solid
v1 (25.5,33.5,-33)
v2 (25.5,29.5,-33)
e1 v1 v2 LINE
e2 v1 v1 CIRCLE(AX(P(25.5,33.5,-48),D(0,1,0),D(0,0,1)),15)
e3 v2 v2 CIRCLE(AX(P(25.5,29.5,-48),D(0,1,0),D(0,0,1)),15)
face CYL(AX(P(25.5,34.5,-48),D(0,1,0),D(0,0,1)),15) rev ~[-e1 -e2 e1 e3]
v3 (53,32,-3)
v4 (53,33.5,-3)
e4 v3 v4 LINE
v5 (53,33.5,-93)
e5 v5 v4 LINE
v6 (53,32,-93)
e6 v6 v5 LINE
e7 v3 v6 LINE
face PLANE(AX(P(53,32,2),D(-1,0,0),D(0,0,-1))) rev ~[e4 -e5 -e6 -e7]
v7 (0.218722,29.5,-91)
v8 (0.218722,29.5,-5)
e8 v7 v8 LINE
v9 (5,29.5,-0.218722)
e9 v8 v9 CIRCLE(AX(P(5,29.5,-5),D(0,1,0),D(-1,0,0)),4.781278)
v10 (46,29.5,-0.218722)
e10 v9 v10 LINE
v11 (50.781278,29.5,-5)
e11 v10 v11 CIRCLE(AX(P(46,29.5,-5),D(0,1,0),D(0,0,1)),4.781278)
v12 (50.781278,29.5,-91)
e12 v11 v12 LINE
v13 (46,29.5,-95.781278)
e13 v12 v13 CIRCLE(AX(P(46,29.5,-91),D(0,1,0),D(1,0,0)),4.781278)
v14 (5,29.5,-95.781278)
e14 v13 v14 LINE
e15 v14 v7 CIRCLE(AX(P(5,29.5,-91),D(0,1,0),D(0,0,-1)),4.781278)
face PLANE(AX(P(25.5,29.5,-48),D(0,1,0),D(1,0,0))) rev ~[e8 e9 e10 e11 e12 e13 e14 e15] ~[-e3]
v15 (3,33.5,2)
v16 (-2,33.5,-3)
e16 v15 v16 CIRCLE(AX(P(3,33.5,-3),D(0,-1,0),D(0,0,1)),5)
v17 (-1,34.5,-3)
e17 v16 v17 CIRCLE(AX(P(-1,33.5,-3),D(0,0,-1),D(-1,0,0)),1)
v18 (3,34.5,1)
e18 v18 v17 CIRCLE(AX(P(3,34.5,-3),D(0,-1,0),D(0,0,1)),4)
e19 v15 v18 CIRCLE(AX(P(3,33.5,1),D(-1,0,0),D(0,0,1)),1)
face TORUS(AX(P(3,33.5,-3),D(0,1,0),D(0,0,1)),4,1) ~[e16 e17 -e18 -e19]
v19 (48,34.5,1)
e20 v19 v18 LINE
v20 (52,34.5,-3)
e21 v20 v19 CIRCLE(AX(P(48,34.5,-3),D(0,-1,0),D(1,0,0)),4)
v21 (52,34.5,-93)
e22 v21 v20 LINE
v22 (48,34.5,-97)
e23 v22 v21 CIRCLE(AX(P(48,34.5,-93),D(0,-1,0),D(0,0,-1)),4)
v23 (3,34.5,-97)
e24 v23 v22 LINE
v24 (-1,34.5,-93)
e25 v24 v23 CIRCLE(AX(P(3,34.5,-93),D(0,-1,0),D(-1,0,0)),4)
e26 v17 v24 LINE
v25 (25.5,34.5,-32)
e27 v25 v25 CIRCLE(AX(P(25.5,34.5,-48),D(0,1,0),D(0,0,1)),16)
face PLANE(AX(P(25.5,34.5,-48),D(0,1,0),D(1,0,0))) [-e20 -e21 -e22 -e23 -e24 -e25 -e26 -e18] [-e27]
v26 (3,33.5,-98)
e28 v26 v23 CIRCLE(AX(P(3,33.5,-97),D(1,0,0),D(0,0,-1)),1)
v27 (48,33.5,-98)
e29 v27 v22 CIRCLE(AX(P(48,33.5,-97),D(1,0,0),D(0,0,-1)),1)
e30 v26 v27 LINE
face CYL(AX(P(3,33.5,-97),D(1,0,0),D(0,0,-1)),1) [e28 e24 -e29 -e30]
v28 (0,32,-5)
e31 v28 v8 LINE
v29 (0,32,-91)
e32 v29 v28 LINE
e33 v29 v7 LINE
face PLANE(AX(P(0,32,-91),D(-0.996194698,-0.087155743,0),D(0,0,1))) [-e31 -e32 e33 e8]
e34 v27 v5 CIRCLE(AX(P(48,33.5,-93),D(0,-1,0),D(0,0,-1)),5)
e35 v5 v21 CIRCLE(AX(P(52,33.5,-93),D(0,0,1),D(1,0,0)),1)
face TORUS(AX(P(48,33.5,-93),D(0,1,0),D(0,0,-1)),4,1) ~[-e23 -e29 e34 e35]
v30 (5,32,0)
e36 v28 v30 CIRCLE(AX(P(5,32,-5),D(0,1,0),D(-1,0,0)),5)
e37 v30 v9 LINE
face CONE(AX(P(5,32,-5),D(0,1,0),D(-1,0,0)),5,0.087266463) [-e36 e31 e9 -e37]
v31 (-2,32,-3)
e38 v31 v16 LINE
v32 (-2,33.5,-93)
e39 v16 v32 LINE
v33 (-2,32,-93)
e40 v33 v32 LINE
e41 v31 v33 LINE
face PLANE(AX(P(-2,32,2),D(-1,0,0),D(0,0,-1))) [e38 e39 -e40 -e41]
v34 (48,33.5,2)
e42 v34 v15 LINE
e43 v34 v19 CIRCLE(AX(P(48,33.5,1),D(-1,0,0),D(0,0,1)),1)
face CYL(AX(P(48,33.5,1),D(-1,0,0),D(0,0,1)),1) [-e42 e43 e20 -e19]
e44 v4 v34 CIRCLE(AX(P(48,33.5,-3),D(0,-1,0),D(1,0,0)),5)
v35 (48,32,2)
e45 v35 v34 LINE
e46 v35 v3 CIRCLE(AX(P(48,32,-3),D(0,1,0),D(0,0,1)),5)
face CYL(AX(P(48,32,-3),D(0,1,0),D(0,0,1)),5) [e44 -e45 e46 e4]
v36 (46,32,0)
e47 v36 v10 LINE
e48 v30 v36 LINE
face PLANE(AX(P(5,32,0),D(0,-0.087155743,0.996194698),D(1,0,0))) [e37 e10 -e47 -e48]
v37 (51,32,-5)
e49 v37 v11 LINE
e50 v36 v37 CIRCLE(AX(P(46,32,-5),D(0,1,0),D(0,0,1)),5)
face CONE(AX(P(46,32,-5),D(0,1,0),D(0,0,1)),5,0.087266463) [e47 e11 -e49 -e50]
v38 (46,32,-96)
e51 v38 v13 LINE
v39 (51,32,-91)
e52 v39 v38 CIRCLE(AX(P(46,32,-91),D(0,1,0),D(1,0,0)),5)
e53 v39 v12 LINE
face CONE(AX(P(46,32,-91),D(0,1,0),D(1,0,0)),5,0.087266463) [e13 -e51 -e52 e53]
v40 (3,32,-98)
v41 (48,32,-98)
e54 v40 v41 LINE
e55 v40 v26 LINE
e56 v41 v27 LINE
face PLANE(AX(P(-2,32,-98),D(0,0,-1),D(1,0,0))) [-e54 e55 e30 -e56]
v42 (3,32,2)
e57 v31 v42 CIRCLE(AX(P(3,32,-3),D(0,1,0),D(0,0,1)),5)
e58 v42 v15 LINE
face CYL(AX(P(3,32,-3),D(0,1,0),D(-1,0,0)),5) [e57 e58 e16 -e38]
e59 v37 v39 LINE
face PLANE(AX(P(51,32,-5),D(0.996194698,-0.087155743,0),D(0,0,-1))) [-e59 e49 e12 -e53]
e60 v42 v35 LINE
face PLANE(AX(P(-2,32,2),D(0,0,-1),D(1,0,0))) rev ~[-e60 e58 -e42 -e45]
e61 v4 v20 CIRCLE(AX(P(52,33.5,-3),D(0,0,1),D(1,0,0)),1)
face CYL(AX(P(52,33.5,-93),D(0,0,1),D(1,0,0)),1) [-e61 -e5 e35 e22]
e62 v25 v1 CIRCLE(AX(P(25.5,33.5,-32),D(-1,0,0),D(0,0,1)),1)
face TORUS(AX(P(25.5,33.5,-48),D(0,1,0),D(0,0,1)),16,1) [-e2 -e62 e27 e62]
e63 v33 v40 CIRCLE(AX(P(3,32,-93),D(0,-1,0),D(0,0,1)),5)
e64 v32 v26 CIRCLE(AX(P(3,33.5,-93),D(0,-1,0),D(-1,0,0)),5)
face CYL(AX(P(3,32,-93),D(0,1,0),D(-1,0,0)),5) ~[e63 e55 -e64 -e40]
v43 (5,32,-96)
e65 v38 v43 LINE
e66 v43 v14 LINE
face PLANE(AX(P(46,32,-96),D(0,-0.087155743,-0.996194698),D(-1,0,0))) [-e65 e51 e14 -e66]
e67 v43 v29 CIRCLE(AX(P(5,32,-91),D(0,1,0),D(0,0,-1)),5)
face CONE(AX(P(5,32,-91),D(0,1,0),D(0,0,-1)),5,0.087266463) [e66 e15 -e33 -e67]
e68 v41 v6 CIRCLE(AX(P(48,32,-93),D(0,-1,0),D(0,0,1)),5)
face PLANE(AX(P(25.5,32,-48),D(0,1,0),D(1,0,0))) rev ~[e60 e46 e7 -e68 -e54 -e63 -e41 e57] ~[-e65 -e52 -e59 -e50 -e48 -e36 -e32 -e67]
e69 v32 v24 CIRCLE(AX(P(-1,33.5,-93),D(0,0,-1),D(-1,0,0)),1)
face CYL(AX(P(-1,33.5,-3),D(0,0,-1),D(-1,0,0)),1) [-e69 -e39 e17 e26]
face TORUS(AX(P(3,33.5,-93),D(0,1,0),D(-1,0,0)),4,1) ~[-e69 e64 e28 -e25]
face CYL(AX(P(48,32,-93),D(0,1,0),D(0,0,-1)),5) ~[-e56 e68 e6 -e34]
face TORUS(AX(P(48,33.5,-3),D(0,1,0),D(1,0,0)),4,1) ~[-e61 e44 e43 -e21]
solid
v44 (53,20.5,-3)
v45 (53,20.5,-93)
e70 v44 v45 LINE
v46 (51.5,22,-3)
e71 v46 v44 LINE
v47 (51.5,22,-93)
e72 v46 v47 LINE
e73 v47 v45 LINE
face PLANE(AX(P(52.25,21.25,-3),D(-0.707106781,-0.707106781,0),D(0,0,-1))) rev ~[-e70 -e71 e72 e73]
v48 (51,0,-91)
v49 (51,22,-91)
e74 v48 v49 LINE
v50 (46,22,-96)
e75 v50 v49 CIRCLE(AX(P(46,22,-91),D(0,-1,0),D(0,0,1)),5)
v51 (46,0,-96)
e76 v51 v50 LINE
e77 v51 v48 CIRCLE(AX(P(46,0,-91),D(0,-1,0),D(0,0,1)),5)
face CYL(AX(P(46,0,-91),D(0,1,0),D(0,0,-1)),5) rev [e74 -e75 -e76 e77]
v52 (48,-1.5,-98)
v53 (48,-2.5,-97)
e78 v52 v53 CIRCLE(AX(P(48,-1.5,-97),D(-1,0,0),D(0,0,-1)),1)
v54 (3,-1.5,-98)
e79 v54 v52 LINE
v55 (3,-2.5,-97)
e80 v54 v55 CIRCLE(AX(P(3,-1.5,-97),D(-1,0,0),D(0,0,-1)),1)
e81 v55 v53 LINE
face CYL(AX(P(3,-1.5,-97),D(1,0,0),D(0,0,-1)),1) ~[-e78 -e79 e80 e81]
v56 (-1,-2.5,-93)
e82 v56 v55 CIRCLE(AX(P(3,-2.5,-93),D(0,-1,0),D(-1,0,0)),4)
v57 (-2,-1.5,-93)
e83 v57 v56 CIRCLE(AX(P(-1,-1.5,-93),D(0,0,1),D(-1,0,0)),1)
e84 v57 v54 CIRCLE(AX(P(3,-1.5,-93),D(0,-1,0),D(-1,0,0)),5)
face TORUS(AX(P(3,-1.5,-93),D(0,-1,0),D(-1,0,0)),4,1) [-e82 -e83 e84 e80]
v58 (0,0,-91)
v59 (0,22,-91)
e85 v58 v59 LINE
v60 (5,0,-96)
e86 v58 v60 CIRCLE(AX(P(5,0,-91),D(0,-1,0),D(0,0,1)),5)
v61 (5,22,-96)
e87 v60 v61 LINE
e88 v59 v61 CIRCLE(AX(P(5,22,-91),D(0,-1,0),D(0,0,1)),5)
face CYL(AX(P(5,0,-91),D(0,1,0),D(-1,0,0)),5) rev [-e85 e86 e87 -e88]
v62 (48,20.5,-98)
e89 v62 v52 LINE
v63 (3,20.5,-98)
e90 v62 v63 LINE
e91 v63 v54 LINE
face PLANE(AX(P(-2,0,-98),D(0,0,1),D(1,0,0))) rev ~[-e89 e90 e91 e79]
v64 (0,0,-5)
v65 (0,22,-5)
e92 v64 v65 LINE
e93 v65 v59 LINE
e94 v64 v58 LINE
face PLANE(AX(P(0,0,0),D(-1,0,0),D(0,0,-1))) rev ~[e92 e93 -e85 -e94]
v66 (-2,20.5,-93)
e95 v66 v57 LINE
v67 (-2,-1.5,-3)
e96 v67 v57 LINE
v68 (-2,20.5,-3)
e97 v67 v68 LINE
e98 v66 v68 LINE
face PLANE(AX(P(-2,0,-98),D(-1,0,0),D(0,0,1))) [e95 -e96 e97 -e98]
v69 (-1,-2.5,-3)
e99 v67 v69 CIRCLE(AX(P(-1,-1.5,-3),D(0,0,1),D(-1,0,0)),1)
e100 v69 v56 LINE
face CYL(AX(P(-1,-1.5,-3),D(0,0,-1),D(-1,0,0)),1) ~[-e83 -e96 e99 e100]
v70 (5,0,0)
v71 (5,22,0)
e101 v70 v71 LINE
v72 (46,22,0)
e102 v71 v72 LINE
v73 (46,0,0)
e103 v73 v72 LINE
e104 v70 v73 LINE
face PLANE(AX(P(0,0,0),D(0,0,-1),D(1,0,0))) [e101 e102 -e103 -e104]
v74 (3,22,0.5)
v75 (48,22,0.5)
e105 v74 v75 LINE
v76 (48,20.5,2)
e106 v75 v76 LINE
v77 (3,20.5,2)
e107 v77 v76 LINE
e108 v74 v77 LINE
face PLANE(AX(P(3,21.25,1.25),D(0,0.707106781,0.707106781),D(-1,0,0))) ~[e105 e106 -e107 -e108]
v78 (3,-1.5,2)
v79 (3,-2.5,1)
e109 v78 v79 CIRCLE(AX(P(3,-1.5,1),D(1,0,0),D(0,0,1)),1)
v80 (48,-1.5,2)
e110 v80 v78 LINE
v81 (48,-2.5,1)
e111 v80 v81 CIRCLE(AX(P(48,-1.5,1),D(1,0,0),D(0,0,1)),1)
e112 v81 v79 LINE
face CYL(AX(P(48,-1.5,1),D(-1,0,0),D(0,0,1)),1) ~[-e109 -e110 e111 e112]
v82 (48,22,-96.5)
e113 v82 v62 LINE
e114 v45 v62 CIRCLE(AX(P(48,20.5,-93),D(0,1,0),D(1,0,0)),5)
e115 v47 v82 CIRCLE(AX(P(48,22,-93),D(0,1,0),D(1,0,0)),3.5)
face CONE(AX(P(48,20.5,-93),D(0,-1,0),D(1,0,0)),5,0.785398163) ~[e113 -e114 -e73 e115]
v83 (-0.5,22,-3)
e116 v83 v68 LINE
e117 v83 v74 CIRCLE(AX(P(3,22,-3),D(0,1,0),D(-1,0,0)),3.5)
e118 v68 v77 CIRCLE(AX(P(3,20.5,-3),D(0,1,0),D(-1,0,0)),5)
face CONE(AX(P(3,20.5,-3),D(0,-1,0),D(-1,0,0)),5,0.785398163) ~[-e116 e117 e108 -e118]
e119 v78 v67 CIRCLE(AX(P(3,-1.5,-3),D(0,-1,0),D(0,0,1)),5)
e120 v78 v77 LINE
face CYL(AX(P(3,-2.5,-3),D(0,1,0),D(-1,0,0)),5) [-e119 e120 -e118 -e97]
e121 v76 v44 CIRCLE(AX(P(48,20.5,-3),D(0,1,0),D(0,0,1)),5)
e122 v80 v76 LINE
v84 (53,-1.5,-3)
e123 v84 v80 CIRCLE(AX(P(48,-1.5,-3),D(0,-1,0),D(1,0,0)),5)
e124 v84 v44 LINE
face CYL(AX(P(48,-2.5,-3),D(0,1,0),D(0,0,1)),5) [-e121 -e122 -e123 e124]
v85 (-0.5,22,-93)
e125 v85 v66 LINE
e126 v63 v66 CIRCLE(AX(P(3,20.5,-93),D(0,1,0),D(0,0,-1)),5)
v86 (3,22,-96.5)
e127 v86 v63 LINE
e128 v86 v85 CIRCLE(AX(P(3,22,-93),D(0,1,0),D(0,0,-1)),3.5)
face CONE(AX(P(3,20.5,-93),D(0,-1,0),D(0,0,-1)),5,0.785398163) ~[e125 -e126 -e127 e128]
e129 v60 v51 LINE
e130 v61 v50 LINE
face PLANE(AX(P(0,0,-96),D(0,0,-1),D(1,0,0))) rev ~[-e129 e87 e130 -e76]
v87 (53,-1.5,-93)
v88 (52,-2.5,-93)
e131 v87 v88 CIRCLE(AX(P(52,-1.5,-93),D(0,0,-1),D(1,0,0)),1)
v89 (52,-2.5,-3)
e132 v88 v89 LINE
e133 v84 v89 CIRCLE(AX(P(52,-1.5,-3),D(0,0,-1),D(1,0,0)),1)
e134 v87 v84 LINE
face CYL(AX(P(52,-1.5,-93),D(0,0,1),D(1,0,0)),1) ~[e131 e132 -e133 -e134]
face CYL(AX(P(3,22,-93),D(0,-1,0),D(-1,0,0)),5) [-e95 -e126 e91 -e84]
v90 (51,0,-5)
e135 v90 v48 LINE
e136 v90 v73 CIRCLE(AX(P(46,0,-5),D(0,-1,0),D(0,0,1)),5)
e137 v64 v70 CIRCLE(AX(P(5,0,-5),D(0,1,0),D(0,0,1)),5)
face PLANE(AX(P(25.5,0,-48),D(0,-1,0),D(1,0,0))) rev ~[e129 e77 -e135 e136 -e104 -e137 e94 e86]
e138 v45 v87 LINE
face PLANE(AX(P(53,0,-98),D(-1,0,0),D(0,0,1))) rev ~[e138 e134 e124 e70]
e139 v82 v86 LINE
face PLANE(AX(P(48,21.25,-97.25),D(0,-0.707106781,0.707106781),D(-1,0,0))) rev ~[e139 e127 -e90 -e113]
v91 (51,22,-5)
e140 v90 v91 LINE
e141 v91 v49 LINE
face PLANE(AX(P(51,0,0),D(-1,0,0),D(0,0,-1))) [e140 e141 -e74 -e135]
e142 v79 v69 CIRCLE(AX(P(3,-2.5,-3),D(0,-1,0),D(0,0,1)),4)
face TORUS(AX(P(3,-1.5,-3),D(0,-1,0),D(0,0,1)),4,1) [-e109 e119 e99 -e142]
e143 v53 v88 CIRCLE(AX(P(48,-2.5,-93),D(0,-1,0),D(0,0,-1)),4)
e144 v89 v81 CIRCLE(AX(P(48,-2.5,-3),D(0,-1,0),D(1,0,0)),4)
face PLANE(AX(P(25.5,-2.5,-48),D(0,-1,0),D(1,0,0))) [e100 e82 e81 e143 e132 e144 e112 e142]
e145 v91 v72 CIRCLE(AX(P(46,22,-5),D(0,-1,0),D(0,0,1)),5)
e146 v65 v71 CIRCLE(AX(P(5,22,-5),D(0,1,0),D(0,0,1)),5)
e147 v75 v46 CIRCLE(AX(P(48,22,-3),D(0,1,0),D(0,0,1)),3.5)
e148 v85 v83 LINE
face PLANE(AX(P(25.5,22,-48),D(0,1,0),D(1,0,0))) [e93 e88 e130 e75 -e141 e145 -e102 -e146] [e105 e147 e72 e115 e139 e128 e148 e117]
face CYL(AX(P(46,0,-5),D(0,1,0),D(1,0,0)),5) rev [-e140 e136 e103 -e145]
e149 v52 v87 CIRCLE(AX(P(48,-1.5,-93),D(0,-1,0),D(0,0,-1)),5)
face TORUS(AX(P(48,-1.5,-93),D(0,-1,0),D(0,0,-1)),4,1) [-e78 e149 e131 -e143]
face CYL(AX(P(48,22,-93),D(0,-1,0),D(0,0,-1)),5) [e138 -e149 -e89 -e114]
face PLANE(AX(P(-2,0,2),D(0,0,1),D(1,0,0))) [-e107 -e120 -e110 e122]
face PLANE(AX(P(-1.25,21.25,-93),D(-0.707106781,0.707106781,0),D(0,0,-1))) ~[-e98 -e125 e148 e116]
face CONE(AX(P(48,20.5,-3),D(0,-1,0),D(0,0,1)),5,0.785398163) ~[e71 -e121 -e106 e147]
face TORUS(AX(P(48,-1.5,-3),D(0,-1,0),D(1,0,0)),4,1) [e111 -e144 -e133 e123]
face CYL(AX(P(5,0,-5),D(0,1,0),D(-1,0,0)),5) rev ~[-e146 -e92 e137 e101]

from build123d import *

# Parameters (mm, degrees)
SKETCH1_W           = 55
SKETCH1_H           = 100
SKETCH1_W_2         = 51
SKETCH1_H_2         = 96
BOSS_EXTRUDE1_DEPTH = 22
SKETCH2_W           = 55
SKETCH2_H           = 100
BOSS_EXTRUDE2_DEPTH = 2.5
FILLET1_R           = 5
SKETCH3_W           = 55
SKETCH3_H           = 100
BOSS_EXTRUDE3_DEPTH = 2.5
BOSS_EXTRUDE4_DEPTH = 2.5
BOSS_EXTRUDE4_DRAFT = -5
FILLET2_R           = 5
FILLET3_R           = 1
FILLET4_R           = 5
CHAMFER1_SIZE       = 1.5
FILLET5_R           = 1
SKETCH4_R           = 15
CUT_EXTRUDE1_DEPTH  = 5
FILLET6_R           = 1


with BuildPart() as part:
    # Sketch1 → Boss-Extrude1 (new body)
    with BuildSketch(Plane(origin=(0, 0, 0), x_dir=(1, 0, 0), z_dir=(0, 1, 0))):
        with Locations((25.5, 48)):
            Rectangle(SKETCH1_W, SKETCH1_H)
        with Locations((25.5, 48)):
            Rectangle(SKETCH1_W_2, SKETCH1_H_2, mode=Mode.SUBTRACT)
    extrude(amount=BOSS_EXTRUDE1_DEPTH)

    # Sketch2 → Boss-Extrude2 (add)
    with BuildSketch(Plane.XZ):
        with Locations((25.5, -48)):
            Rectangle(SKETCH2_W, SKETCH2_H)
    extrude(amount=BOSS_EXTRUDE2_DEPTH)

    # Fillet1
    fillet1_edges = [part.edges().sort_by_distance(p)[0] for p in [
        (0, 11, -96),
        (0, 11, 0),
        (51, 11, 0),
        (51, 11, -96),
    ]]
    fillet(fillet1_edges, radius=FILLET1_R)

    # Fillet4
    fillet4_edges = [part.edges().sort_by_distance(p)[0] for p in [
        (-2, 9.75, -98),
        (53, 9.75, -98),
        (53, 9.75, 2),
        (-2, 9.75, 2),
    ]]
    fillet(fillet4_edges, radius=FILLET4_R)

    # Chamfer1
    chamfer1_edges = [part.edges().sort_by_distance(p)[0] for p in [
        (53, 22, -48),
        (25.5, 22, 2),
        (-2, 22, -48),
        (25.5, 22, -98),
        (-0.535533906, 22, 0.535533906),
        (-0.535533906, 22, -96.535533906),
        (51.535533906, 22, -96.535533906),
        (51.535533906, 22, 0.535533906),
    ]]
    chamfer(chamfer1_edges, length=CHAMFER1_SIZE)

    # Fillet5
    fillet5_edges = [part.edges().sort_by_distance(p)[0] for p in [
        (53, -2.5, -48),
        (25.5, -2.5, 2),
        (-2, -2.5, -48),
        (25.5, -2.5, -98),
        (-0.535533906, -2.5, 0.535533906),
        (-0.535533906, -2.5, -96.535533906),
        (51.535533906, -2.5, -96.535533906),
        (51.535533906, -2.5, 0.535533906),
    ]]
    fillet(fillet5_edges, radius=FILLET5_R)


with BuildPart() as body_2:
    # Sketch3 → Boss-Extrude3 (new body)
    with BuildSketch(Plane(origin=(0, 32, 0), x_dir=(1, 0, 0), z_dir=(0, 1, 0))):
        with Locations((25.5, 48)):
            Rectangle(SKETCH3_W, SKETCH3_H)
    extrude(amount=BOSS_EXTRUDE3_DEPTH)


with BuildPart() as boss_extrude4_tool:
    # Sketch3<3> → Boss-Extrude4 (with draft: the straight prism first)
    with BuildSketch(Plane(origin=(0, 32, 0), x_dir=(1, 0, 0), z_dir=(0, 1, 0))):
        with BuildLine():
            Line((51, 5), (51, 91))
            ThreePointArc((51, 91), (49.535533906, 94.535533906), (46, 96))
            Line((46, 96), (5, 96))
            ThreePointArc((5, 96), (1.464466094, 94.535533906), (0, 91))
            Line((0, 91), (0, 5))
            ThreePointArc((0, 5), (1.464466094, 1.464466094), (5, 0))
            Line((5, 0), (46, 0))
            ThreePointArc((46, 0), (49.535533906, 1.464466094), (51, 5))
        make_face()
    extrude(amount=-BOSS_EXTRUDE4_DEPTH)
    # Boss-Extrude4: the draft: its side faces are tilted about the plane it starts from
    boss_extrude4_sides = [boss_extrude4_tool.faces().sort_by_distance(p)[0] for p in [
        (51, 30.75, -48),
        (49.535533906, 30.75, -94.535533906),
        (25.5, 30.75, -96),
        (1.464466094, 30.75, -94.535533906),
        (0, 30.75, -48),
        (1.464466094, 30.75, -1.464466094),
        (25.5, 30.75, 0),
        (49.535533906, 30.75, -1.464466094),
    ]]
    draft(boss_extrude4_sides, Plane(origin=(0, 32, 0), x_dir=(1, 0, 0), z_dir=(0, 1, 0)), BOSS_EXTRUDE4_DRAFT)


with BuildPart() as body_2_1:
    add(body_2.part)

    # Boss-Extrude4: add boss_extrude4_tool
    add(boss_extrude4_tool.part)

    # Fillet2
    fillet2_edges = [body_2_1.edges().sort_by_distance(p)[0] for p in [
        (53, 33.25, -98),
        (53, 33.25, 2),
        (-2, 33.25, 2),
        (-2, 33.25, -98),
    ]]
    fillet(fillet2_edges, radius=FILLET2_R)

    # Fillet3
    fillet3_edges = [body_2_1.edges().sort_by_distance(p)[0] for p in [
        (-2, 34.5, -48),
        (25.5, 34.5, -98),
        (25.5, 34.5, 2),
        (53, 34.5, -48),
        (-0.535533906, 34.5, 0.535533906),
        (51.535533906, 34.5, 0.535533906),
        (51.535533906, 34.5, -96.535533906),
        (-0.535533906, 34.5, -96.535533906),
    ]]
    fillet(fillet3_edges, radius=FILLET3_R)

    # Sketch4 → Cut-Extrude1 (cut)
    with BuildSketch(Plane(origin=(0, 34.5, 0), x_dir=(1, 0, 0), z_dir=(0, 1, 0))):
        with Locations(Location((25.5, 48, 0), (0, 0, 270))):
            Circle(SKETCH4_R)
    extrude(amount=-CUT_EXTRUDE1_DEPTH, mode=Mode.SUBTRACT)

    # Fillet6
    fillet6_edges = [body_2_1.edges().sort_by_distance(p)[0] for p in [
        (25.5, 34.5, -63),
    ]]
    fillet(fillet6_edges, radius=FILLET6_R)


solid = Compound([part.part, body_2_1.part])
